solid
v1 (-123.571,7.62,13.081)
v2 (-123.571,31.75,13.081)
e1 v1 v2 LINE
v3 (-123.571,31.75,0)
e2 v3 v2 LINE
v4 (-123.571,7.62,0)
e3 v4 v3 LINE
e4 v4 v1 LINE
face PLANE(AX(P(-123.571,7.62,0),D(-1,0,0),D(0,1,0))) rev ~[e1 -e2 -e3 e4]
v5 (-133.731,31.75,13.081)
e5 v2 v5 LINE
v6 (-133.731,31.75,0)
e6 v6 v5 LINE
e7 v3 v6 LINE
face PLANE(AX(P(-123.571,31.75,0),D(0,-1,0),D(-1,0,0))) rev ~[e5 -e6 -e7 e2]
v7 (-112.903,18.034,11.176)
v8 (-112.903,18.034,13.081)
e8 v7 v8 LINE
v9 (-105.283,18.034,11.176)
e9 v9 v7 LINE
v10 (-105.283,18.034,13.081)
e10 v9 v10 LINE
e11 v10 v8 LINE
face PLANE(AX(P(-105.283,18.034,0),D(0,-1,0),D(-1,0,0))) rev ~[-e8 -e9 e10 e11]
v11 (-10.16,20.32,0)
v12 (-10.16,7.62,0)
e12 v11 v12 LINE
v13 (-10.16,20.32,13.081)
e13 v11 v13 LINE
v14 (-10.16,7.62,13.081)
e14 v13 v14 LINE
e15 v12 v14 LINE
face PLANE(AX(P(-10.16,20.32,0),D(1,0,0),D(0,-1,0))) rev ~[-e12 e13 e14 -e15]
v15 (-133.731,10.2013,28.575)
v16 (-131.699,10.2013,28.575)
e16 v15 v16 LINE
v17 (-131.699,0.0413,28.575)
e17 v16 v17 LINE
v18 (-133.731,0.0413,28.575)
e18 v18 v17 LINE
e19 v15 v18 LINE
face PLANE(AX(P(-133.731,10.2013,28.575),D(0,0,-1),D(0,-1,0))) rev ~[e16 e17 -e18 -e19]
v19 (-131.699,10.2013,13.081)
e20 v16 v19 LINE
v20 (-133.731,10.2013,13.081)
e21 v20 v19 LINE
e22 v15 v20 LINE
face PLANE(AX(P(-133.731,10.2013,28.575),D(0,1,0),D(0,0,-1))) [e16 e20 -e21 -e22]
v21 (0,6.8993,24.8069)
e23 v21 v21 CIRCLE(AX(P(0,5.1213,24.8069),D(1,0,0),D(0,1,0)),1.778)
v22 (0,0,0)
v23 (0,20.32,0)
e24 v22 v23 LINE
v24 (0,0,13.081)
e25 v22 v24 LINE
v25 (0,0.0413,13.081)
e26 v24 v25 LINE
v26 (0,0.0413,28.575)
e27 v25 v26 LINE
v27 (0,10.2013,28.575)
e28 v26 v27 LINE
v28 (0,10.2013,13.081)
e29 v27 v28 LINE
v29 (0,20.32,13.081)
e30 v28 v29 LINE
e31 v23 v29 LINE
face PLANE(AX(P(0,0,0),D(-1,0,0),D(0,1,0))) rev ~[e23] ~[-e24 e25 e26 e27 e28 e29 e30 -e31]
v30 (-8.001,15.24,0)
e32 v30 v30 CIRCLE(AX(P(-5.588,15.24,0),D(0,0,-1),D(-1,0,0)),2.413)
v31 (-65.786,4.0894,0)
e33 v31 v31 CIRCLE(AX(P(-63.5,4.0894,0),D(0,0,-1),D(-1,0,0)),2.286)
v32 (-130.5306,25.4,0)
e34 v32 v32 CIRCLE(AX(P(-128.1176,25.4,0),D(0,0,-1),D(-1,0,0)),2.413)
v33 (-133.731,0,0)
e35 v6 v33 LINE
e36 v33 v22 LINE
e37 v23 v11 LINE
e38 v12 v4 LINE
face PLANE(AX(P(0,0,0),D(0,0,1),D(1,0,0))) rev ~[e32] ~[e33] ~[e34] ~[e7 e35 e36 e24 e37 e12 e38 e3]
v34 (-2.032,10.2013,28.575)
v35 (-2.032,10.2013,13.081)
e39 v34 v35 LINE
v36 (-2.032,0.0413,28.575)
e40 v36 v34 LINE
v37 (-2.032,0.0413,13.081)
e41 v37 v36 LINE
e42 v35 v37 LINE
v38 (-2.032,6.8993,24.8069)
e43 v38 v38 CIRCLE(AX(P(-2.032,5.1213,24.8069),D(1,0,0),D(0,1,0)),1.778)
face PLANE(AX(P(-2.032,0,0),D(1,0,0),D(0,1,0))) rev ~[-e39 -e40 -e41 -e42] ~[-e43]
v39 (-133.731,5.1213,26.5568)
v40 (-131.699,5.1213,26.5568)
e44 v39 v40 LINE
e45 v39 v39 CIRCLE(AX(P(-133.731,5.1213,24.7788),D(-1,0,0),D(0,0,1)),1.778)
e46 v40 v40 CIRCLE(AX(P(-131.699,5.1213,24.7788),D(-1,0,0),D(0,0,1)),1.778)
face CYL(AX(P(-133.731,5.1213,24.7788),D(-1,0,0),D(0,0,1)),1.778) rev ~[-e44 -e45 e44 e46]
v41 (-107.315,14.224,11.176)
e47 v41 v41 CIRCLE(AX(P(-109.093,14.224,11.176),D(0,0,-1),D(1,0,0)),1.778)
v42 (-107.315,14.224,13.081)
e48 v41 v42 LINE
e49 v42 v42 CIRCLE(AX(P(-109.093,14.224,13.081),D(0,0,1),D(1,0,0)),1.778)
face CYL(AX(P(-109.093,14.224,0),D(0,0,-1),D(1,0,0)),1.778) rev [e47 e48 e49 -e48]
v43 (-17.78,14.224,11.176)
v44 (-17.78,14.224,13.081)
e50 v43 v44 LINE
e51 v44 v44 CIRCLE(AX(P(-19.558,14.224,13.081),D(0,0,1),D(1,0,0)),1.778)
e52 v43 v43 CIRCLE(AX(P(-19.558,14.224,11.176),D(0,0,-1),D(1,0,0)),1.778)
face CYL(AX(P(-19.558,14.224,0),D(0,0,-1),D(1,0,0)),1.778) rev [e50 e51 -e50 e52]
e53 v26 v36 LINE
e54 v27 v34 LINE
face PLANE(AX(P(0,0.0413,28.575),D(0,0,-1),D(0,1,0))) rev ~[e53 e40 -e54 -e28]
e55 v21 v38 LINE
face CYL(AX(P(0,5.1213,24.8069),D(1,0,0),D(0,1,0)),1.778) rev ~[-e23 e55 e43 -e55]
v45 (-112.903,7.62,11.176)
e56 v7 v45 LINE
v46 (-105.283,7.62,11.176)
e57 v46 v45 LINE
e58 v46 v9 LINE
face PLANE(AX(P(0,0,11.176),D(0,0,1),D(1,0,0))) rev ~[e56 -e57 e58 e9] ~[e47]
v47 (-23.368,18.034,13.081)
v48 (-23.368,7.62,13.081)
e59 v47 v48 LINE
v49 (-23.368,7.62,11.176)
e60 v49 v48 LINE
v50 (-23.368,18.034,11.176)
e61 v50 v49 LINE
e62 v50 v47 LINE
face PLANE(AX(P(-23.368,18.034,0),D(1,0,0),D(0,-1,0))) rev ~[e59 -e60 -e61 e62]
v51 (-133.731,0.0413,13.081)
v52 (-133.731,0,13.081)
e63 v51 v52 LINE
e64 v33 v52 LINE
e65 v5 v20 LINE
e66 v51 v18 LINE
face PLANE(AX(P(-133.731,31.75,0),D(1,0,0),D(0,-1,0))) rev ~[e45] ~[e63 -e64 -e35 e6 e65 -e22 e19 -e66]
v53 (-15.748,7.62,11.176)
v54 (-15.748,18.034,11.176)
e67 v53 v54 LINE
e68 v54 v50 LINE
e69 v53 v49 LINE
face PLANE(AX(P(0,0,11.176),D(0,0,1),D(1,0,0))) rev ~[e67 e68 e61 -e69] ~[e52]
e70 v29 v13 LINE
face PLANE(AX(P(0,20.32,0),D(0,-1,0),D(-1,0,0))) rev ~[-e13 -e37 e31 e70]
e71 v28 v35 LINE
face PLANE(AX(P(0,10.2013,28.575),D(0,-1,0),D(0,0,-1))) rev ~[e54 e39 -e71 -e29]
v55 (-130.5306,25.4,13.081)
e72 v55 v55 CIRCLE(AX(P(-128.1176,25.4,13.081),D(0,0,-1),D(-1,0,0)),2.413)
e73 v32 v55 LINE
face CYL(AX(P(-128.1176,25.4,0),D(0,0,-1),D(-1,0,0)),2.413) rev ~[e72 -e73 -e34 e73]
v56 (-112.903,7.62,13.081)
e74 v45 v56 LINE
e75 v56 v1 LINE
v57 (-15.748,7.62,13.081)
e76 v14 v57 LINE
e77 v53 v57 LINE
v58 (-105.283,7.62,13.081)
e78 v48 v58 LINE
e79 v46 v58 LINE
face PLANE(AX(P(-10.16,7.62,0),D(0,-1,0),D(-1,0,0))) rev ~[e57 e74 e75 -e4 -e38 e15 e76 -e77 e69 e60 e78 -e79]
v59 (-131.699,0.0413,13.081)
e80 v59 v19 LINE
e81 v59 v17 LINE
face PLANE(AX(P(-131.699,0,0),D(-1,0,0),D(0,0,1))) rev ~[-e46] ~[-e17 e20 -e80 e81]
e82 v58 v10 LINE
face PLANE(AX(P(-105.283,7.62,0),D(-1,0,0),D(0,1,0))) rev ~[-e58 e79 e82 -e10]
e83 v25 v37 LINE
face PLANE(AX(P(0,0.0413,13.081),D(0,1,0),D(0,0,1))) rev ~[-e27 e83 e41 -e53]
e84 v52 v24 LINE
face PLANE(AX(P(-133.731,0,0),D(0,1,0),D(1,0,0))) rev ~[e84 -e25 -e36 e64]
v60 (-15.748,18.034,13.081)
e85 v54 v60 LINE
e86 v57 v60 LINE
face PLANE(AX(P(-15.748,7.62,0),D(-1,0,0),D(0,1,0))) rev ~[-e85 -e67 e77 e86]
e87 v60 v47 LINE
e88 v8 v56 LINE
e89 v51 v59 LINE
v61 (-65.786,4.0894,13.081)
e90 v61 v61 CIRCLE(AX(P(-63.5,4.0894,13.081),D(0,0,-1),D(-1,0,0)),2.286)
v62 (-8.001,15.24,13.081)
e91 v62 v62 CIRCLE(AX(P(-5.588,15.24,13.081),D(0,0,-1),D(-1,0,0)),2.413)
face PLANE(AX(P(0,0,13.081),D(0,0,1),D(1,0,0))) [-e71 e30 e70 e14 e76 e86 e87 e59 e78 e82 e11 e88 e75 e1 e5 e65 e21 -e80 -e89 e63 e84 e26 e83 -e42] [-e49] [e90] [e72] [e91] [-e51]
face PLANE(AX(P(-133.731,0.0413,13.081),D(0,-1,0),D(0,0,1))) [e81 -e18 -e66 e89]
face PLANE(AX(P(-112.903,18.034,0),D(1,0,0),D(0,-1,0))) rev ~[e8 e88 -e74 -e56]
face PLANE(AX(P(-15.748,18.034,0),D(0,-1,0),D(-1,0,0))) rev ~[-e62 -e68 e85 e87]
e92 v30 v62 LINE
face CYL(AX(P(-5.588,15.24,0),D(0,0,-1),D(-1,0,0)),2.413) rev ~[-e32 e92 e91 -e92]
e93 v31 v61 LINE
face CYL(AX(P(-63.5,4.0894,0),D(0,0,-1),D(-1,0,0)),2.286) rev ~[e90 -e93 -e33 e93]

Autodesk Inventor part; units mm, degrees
ref_plane "YZ Plane" through (0, 0, 0) normal (1, 0, 0) x (0, 1, 0)
ref_plane "XZ Plane" through (0, 0, 0) normal (0, 1, 0) x (-1, 0, 0)
ref_plane "XY Plane" through (0, 0, 0) normal (0, 0, 1) x (1, 0, 0)
sketch "Sketch1" plane through (0, 0, 0) normal (0, 0, 1) x (1, 0, 0)
  line L0 (-10.16, 7.62) -> (-15.748, 7.62)
  line L1 (-15.748, 7.62) -> (-15.748, 18.034)
  line L2 (-15.748, 18.034) -> (-23.368, 18.034)
  line L3 (-23.368, 18.034) -> (-23.368, 7.62)
  line L4 (-23.368, 7.62) -> (-105.283, 7.62)
  line L5 (-105.283, 7.62) -> (-105.283, 18.034)
  line L6 (-105.283, 18.034) -> (-112.903, 18.034)
  line L7 (-112.903, 18.034) -> (-112.903, 7.62)
  line L8 (-112.903, 7.62) -> (-123.571, 7.62)
  line L9 (-123.571, 7.62) -> (-123.571, 31.75)
  line L10 (-123.571, 31.75) -> (-133.731, 31.75)
  circle A0 centre (-109.093, 14.224) radius 1.778
  line L11 (-133.731, 31.75) -> (-133.731, 0)
  line L12 (-133.731, 0) -> (0, 0)
  circle A1 centre (-19.558, 14.224) radius 1.778
  line L13 (0, 0) -> (0, 20.32)
  line L14 (0, 20.32) -> (-10.16, 20.32)
  line L15 (-10.16, 20.32) -> (-10.16, 7.62)
  circle A2 centre (-128.143, 25.4) radius 2.413
  circle A3 centre (-63.5, 4.064) radius 2.413
  circle A4 centre (-5.6324, 15.2344) radius 2.413
  dimension "d22" = 20.32
  dimension "d39" = 4.826
  dimension "d40" = 4.826
  dimension "d41" = 4.826
extrude "Extrusion2" add sketch "Sketch1" along normal blind 13.081 contours L15 L14 L13 L12 L11 L10 L9 L8 L7 L6 L5 L4 L3 L2 L1 L0 | A2 | A3 | A4
sketch "Sketch2" plane through (0, 0, 0) normal (0, 0, 1) x (1, 0, 0)
  line L0 (-10.16, 7.62) -> (-15.748, 7.62) projected
  line L1 (-12.954, 7.62) -> (-118.4109, 7.62)
  line L2 (-118.4109, 7.62) -> (-118.4109, 21.3127)
  line L3 (-118.4109, 21.3127) -> (-12.954, 21.3127)
  line L4 (-12.954, 21.3127) -> (-12.954, 7.62)
  point P0 (0, 0)
extrude "Extrusion3" cut sketch "Sketch2" along normal blind 11.176
sketch "Sketch3" plane through (0, 0, 0) normal (1, 0, 0) x (0, 1, 0)
  line L0 (31.75, 13.081) -> (0, 13.081) projected
  line L1 (0.0413, 13.081) -> (0.0413, 28.575)
  line L2 (0.0413, 13.081) -> (15.5353, 13.081) construction
  line L3 (0.0413, 28.575) -> (10.2013, 28.575)
  line L4 (10.2013, 28.575) -> (10.2013, 13.081)
  circle A0 centre (5.1213, 24.8069) radius 1.778
  point P0 (0, 0)
  dimension "d28" = 15.494
  dimension "d29" = 90
  dimension "d30" = 10.16
  dimension "d31" = 3.556
extrude "Extrusion4" add sketch "Sketch3" against normal blind 2.032
ref_plane "Work Plane1" through (-133.731, 0, 0) normal (-1, 0, 0) x (0, 0, 1)
sketch "Sketch5" plane through (-133.731, 0, 0) normal (-1, 0, 0) x (0, 0, 1)
  line L0 (28.575, 10.2013) -> (13.081, 10.2013) projected
  line L1 (13.081, 0.0413) -> (28.575, 0.0413) projected
  line L2 (13.081, 10.2013) -> (28.575, 10.2013)
  line L3 (28.575, 10.2013) -> (28.575, 0.0413)
  line L4 (28.575, 0.0413) -> (13.081, 0.0413)
  line L5 (13.081, 0.0413) -> (13.081, 10.2013)
  circle A0 centre (24.7788, 5.1213) radius 1.778
  point P0 (0, 0)
  dimension "d36" = 3.556
extrude "Extrusion5" add sketch "Sketch5" against normal blind 2.032
ref_plane "Work Plane2" through (0, 0, 0) normal (0, 0, -1) x (-1, 0, 0)
sketch "Sketch6" plane through (0, 0, 0) normal (0, 0, -1) x (-1, 0, 0)
  circle A0 centre (5.588, 15.24) radius 2.413
  circle A1 centre (63.5, 4.0894) radius 2.286
  circle A2 centre (128.1176, 25.4) radius 2.413
  point P0 (0, 0)
  dimension "d43" = 4.826
  dimension "d44" = 4.572
  dimension "d45" = 4.826
extrude "Extrusion6" cut sketch "Sketch6" against normal blind 15.24
properties part number "PC_top_piece"
